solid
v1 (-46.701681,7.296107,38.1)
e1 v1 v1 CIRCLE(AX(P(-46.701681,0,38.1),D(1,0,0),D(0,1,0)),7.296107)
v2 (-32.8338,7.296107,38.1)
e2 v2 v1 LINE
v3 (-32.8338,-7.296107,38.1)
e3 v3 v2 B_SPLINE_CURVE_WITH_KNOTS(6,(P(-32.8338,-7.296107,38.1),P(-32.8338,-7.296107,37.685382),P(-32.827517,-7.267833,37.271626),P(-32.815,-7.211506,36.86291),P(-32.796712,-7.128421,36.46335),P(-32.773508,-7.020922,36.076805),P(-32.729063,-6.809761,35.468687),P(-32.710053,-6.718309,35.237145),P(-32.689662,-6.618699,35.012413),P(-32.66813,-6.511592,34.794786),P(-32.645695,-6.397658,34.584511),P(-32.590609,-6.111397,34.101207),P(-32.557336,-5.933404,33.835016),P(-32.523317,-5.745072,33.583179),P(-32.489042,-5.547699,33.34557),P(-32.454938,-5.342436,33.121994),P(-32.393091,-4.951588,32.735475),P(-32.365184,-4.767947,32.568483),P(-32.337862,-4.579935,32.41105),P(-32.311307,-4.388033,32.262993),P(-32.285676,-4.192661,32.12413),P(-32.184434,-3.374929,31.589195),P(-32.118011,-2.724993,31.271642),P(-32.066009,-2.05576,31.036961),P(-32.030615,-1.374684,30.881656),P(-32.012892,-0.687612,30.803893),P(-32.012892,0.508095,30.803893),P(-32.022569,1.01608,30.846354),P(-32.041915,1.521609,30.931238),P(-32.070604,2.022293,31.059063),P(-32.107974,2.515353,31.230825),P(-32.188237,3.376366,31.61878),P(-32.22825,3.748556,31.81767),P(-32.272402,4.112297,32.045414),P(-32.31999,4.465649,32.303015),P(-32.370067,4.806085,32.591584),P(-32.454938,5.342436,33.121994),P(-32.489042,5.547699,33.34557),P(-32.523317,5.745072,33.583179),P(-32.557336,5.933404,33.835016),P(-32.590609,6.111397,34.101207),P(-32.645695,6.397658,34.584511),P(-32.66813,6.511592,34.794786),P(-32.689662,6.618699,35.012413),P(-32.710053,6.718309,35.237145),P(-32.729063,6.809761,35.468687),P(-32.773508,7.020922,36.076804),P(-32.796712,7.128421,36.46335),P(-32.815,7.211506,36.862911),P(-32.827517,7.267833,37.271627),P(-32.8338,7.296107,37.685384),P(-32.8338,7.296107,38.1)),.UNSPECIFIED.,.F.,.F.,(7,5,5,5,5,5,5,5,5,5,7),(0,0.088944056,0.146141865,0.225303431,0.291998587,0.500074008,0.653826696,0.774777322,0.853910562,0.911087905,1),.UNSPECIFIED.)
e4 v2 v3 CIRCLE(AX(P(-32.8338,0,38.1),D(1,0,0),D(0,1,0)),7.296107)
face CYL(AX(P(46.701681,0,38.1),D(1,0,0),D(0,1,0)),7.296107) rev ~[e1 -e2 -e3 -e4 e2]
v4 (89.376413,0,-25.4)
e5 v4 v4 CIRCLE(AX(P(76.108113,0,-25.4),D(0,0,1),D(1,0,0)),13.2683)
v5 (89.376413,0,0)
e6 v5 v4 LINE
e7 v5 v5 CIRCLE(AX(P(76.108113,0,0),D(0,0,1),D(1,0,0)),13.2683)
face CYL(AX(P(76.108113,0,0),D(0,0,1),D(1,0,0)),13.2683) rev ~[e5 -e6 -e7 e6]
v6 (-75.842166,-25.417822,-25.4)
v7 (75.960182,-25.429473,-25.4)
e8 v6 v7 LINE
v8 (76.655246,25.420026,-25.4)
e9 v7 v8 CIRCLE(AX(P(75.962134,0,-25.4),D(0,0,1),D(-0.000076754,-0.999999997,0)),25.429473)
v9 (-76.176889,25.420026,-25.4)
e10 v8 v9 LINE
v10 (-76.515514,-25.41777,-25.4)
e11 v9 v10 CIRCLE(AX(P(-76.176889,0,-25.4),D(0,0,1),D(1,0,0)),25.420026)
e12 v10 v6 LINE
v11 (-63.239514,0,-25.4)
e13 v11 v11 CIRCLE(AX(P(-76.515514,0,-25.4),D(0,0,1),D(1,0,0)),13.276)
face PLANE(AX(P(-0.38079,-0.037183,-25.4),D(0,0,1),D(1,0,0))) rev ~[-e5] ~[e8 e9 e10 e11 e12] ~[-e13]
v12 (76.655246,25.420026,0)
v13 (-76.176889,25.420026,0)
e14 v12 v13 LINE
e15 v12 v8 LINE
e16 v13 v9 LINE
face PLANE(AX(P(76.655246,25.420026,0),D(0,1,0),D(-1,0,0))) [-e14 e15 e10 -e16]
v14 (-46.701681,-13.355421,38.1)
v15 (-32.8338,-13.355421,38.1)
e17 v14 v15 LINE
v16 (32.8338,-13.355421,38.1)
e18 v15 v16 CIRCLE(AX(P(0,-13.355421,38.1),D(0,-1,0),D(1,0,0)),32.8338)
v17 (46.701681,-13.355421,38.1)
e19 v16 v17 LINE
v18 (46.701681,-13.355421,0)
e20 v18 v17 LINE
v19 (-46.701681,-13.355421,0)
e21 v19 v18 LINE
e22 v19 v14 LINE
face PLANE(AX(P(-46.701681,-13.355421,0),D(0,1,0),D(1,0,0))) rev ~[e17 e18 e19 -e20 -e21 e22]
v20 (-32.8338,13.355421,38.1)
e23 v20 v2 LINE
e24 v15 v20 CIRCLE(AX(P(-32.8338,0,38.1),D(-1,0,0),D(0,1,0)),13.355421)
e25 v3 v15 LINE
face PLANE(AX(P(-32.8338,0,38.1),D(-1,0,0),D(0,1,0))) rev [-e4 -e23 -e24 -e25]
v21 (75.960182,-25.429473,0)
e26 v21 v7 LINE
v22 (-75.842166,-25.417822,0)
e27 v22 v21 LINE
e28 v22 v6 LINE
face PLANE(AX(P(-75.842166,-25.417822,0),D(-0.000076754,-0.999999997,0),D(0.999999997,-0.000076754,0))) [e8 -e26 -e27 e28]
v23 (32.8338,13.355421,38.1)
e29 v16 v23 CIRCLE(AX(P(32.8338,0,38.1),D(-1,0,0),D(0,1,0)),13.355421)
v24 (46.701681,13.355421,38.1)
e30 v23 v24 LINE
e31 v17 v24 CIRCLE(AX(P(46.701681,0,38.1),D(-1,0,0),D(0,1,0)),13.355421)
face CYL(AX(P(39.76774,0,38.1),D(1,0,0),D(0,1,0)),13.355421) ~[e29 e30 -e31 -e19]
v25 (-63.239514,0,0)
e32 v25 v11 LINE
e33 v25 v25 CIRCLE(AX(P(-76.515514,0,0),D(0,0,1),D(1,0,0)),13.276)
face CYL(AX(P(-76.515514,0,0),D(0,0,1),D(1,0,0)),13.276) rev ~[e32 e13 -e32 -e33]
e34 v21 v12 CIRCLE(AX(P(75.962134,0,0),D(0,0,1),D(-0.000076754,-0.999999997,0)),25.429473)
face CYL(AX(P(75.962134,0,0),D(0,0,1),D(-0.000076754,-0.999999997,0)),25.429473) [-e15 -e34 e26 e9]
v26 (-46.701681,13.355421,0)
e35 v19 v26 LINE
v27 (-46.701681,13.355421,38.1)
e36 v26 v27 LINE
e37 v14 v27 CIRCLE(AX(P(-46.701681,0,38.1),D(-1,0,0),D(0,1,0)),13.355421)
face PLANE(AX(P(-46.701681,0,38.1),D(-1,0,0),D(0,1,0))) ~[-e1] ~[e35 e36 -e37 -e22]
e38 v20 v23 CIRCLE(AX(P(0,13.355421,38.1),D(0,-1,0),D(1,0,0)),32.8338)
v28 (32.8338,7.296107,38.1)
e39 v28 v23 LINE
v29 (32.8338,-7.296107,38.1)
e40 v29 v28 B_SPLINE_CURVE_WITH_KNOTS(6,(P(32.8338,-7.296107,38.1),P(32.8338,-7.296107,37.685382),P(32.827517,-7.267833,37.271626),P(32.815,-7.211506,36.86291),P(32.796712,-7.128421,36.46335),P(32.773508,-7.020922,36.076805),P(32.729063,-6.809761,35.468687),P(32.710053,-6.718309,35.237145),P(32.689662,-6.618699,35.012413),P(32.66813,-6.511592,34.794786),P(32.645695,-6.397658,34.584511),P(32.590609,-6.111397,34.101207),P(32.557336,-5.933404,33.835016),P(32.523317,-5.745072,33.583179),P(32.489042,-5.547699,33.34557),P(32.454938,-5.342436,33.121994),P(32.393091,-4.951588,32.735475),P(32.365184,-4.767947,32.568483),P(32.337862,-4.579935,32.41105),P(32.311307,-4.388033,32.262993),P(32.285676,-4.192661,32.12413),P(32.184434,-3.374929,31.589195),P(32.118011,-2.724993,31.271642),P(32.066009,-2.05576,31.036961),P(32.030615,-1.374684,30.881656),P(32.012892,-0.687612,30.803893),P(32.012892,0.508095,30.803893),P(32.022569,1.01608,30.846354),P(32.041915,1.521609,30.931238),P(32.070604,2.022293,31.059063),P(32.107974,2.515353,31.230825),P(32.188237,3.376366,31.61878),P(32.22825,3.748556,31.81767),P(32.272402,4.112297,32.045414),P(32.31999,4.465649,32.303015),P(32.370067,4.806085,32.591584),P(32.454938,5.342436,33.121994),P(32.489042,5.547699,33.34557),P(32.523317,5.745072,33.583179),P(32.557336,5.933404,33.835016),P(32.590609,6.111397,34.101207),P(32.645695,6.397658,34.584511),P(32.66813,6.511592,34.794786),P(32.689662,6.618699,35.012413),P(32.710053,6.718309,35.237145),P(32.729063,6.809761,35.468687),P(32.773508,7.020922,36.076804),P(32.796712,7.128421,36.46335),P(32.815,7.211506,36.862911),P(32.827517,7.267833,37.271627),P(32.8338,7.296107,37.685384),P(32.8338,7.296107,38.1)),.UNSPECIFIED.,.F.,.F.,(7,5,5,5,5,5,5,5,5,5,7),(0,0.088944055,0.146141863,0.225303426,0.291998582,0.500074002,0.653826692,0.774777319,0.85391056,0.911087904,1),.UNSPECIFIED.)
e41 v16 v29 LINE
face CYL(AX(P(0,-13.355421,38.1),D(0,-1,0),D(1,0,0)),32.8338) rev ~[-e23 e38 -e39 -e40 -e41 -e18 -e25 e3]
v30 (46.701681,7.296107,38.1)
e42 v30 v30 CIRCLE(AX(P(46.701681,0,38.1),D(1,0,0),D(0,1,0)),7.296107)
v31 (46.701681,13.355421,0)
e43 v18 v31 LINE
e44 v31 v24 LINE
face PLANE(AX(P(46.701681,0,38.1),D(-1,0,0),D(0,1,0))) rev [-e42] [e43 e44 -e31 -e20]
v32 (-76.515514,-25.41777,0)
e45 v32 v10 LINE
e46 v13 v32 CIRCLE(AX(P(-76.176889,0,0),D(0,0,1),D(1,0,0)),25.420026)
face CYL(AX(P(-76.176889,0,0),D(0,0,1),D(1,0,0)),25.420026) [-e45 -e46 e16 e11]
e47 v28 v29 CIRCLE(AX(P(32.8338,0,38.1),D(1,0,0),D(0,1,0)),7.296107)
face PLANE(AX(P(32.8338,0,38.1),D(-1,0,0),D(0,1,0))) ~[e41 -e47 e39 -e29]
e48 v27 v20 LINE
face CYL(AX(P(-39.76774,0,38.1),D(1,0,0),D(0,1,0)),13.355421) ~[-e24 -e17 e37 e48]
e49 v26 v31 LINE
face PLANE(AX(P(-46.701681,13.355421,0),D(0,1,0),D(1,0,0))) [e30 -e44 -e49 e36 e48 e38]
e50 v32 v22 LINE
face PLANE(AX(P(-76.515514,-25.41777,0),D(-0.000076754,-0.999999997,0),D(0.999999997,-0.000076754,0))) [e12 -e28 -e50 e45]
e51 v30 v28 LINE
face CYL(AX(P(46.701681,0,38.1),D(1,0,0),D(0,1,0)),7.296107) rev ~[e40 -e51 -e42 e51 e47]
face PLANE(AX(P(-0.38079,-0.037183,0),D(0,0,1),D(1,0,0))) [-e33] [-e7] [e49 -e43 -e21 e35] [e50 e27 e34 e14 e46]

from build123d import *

# Parameters (mm, degrees)
F1_DEPTH  = 25.4
F2_R      = 13.276000262
F2_R_2    = 13.2682995005
F3_DEPTH  = 25.401
F4_W      = 93.4033617377
F4_H      = 26.7108418047
F5_DEPTH  = 38.1
F7_DEPTH  = 38.7764468004
F8_W      = 13.8678809612
F8_H      = 13.3554209024
F10_W     = 13.8678809612
F10_H     = 13.3554209024
F12_R     = 7.2961066279
F13_DEPTH = 148.2995960076


with BuildPart() as f1:
    # F0 (on Top) → F1 (new body)
    with BuildSketch(Plane.XY):
        with BuildLine():
            ThreePointArc((-76.1768892407, 25.420025898), (-58.2022165503, 17.9746726904), (-50.7568633427, 0))
            ThreePointArc((-50.7568633427, 0), (-58.0842609925, -17.8559379403), (-75.8421658524, -25.4178220332))
            Line((-75.8421658524, -25.4178220332), (75.9601819019, -25.4294734106))
            ThreePointArc((75.9601819019, -25.4294734106), (50.5350089445, -0.3456126871), (75.2690210938, 25.420025898))
            Line((75.2690210938, 25.420025898), (-76.1768892407, 25.420025898))
        make_face()
        with BuildLine():
            ThreePointArc((-75.8421658524, -25.4178220332), (-58.0842609925, -17.8559379403), (-50.7568633427, 0))
            ThreePointArc((-50.7568633427, 0), (-58.2022165503, 17.9746726904), (-76.1768892407, 25.420025898))
            ThreePointArc((-76.1768892407, 25.420025898), (-101.5963512458, 0.1693163576), (-76.5155144441, -25.4177703512))
            Line((-76.5155144441, -25.4177703512), (-75.8421658524, -25.4178220332))
        make_face()
        with BuildLine():
            Line((76.6552463174, 25.420025898), (75.2690210938, 25.420025898))
            ThreePointArc((75.2690210938, 25.420025898), (50.5350089445, -0.3456126871), (75.9601819019, -25.4294734106))
            ThreePointArc((75.9601819019, -25.4294734106), (93.9427967691, -17.9820431972), (101.3916071911, 0))
            ThreePointArc((101.3916071911, 0), (94.186891736, 17.7346078751), (76.6552463174, 25.420025898))
        make_face()
    extrude(amount=-F1_DEPTH)

    # F2 (on face) → F3 (cut, through all)
    with BuildSketch(Plane.XY):
        with Locations((-76.5155144441, 0)):
            Circle(F2_R)
        with Locations((76.1081134062, 0)):
            Circle(F2_R_2)
    extrude(amount=-F3_DEPTH, mode=Mode.SUBTRACT)

    # F4 (on face) → F5 (join)
    with BuildSketch(Plane.XY):
        Rectangle(F4_W, F4_H)
    extrude(amount=F5_DEPTH)

    # F6 (on face) → F7 (cut, through all)
    with BuildSketch(Plane.XZ.offset(13.3554209024)):
        with BuildLine():
            ThreePointArc((-32.8337999076, 38.1), (0, 5.2662000924), (32.8337999076, 38.1))
            Line((32.8337999076, 38.1), (-32.8337999076, 38.1))
        make_face()
        with BuildLine():
            Line((-32.8337999076, 38.1), (32.8337999076, 38.1))
            ThreePointArc((32.8337999076, 38.1), (0, 70.9337999076), (-32.8337999076, 38.1))
        make_face()
    extrude(amount=-F7_DEPTH, mode=Mode.SUBTRACT)

    # F8 (on face) → F9 (revolve)
    with BuildSketch(Plane.XY.offset(38.1)):
        with Locations((39.7677403882, 6.6777104512)):
            Rectangle(F8_W, F8_H)
    revolve(axis=Axis((39.7677403882, 0, 38.1), (-1, 0, 0)))

    # F10 (on face) → F11 (revolve)
    with BuildSketch(Plane.XY.offset(38.1)):
        with Locations((-39.7677403882, 6.6777104512)):
            Rectangle(F10_W, F10_H)
    revolve(axis=Axis((-39.7677403882, 0, 38.1), (-1, 0, 0)))

    # F12 (on face) → F13 (cut, through all)
    with BuildSketch(Plane.YZ.offset(46.7016808689)):
        with Locations((0, 38.1)):
            Circle(F12_R)
    extrude(amount=-F13_DEPTH, mode=Mode.SUBTRACT)


solid = f1.part
